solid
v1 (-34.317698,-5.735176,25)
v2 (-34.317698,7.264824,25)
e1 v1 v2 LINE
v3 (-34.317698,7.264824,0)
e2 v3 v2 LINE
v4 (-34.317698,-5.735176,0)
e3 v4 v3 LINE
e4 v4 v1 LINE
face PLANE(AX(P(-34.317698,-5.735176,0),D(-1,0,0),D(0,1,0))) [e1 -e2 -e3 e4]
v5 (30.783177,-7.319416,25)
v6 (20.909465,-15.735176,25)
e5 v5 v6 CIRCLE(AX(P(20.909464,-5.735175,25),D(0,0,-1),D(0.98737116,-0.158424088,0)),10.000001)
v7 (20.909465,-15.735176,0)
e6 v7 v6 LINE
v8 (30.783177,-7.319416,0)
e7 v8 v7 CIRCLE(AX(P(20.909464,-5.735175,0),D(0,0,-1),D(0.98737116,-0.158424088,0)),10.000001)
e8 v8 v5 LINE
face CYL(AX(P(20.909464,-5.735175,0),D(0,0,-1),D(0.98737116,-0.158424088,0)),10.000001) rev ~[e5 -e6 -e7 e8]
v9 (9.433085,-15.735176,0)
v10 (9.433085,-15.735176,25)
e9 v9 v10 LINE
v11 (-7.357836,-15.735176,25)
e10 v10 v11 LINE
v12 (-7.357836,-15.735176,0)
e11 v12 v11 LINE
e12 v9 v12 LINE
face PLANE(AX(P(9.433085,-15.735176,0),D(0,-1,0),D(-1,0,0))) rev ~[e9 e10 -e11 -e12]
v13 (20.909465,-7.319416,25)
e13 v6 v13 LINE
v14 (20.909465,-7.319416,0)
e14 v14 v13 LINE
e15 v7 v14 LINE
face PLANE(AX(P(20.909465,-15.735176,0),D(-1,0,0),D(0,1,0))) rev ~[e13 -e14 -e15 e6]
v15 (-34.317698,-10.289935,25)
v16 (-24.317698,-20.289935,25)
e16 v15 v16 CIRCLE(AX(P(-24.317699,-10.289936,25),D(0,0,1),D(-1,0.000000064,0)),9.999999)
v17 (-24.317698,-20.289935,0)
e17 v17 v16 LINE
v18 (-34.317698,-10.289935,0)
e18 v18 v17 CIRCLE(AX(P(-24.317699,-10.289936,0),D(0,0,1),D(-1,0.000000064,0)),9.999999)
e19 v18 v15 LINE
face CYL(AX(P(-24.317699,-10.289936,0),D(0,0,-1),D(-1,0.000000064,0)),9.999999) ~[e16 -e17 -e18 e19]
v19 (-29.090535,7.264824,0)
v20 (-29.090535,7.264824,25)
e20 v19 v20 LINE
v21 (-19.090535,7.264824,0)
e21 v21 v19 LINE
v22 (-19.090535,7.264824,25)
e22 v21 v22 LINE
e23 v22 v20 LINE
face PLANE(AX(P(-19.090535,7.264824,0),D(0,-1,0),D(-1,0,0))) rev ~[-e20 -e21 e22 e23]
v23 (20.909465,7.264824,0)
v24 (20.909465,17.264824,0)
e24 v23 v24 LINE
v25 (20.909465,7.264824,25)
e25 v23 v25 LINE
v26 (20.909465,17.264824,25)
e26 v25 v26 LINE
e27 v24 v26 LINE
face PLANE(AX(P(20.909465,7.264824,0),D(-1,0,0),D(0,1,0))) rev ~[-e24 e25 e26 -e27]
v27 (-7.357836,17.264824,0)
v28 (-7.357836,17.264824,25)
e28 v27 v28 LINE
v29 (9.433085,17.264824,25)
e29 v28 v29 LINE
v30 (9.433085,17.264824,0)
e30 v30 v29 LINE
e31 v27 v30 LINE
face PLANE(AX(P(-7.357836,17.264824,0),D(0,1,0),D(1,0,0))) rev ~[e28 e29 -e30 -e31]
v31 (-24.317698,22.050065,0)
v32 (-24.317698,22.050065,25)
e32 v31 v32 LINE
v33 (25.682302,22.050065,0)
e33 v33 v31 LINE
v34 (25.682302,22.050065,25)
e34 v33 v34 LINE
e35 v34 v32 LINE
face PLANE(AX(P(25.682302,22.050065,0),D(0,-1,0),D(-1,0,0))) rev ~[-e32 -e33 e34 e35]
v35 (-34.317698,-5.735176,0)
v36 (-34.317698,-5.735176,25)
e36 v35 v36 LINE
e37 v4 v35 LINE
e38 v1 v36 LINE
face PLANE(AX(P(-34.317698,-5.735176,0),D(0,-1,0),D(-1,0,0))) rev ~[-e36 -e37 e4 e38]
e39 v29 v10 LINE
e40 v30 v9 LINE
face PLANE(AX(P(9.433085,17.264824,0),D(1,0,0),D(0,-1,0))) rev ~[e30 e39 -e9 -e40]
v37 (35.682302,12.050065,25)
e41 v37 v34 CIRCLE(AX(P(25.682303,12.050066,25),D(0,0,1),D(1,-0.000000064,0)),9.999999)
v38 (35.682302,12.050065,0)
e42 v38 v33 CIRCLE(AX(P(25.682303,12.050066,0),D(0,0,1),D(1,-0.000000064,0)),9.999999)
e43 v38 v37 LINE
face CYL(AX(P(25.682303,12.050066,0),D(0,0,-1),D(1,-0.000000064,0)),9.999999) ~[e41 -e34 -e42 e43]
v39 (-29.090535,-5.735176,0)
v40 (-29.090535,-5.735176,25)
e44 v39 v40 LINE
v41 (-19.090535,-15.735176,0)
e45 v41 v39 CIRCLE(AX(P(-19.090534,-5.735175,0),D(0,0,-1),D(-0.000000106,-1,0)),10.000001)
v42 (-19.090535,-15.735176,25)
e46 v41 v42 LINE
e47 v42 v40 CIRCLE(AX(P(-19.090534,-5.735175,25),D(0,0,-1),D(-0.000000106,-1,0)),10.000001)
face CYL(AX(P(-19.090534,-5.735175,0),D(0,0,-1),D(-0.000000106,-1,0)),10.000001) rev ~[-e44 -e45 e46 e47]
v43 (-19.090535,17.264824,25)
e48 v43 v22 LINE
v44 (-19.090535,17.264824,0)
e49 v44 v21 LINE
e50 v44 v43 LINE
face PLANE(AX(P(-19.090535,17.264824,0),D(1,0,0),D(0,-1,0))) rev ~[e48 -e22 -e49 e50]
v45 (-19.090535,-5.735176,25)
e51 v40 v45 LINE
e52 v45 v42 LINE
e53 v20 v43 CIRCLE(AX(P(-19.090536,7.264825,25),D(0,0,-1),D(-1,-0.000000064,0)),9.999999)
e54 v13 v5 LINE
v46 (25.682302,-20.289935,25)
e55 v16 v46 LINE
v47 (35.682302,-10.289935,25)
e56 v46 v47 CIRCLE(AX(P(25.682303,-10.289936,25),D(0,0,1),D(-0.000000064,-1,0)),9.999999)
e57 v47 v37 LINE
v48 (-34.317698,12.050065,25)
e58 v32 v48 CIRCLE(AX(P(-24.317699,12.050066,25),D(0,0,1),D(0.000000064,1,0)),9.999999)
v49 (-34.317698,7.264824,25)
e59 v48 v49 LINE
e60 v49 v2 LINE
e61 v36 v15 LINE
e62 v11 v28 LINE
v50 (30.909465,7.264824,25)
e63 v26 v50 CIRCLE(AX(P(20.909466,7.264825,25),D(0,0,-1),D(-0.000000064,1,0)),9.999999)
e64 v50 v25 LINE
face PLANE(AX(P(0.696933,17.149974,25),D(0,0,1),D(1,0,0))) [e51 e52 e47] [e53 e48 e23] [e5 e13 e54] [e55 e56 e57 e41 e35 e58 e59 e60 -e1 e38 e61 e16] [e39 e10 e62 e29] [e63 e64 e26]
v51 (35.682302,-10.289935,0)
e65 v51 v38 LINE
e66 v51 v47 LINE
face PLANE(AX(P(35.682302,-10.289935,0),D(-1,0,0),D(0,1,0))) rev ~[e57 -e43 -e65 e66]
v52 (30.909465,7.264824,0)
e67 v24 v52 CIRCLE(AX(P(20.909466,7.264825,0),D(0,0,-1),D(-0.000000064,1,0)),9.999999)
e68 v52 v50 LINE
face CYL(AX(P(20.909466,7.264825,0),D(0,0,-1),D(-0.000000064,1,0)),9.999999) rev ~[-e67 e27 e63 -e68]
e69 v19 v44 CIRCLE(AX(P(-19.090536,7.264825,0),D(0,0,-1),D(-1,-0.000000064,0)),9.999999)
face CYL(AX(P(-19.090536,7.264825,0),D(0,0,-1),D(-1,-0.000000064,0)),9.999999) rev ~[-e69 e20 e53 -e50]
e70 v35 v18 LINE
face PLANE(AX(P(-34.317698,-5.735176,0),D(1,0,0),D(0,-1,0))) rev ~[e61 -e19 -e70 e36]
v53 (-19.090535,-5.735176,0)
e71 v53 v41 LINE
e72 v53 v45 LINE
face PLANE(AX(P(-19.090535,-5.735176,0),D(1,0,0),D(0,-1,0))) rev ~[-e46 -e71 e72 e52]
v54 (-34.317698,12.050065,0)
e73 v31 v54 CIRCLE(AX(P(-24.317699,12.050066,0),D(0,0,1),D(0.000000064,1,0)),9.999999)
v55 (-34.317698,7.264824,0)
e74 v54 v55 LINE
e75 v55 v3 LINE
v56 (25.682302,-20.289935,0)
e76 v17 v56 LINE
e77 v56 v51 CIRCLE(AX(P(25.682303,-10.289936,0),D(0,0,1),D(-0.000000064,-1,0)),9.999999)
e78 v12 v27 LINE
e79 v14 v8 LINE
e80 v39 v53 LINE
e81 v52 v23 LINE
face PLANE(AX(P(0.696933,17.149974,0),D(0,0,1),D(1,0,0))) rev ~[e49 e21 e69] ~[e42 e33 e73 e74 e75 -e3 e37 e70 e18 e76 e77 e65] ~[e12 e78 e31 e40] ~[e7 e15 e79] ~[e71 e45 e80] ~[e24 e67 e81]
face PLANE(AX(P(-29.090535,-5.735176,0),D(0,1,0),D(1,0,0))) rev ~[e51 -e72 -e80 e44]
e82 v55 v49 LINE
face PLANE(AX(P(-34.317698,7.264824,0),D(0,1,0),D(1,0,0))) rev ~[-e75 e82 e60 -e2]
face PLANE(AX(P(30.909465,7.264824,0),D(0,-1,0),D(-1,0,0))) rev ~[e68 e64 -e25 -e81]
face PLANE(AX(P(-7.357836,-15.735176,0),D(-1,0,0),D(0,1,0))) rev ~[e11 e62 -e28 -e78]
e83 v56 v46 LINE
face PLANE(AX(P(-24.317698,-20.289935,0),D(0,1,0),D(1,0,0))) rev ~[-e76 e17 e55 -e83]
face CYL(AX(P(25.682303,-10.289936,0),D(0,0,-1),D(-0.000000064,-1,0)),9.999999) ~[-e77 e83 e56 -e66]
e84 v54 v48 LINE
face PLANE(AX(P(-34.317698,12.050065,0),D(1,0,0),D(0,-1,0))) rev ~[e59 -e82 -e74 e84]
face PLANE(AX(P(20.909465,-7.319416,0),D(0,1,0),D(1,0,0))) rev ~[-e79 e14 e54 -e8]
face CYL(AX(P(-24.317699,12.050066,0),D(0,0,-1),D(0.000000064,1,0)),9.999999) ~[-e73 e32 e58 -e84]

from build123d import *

# Parameters (mm, degrees)
F0_W     = 5.227163
F0_H     = 13
F0_W_2   = 10
F1_DEPTH = 25


with BuildPart() as f1:
    # F0 (on Top) → F1 (new body)
    with BuildSketch(Plane.XY):
        with BuildLine():
            Line((25.682302, 22.050065), (-24.317698, 22.050065))
            ThreePointArc((-24.317698, 22.050065), (-31.388766, 19.121133), (-34.317698, 12.050065))
            Line((-34.317698, 12.050065), (-34.317698, 7.264824))
            Line((-34.317698, 7.264824), (-29.090535, 7.264824))
            ThreePointArc((-29.090535, 7.264824), (-26.161603, 14.335892), (-19.090535, 17.264824))
            Line((-19.090535, 17.264824), (-7.357836, 17.264824))
            Line((-7.357836, 17.264824), (9.433085, 17.264824))
            Line((9.433085, 17.264824), (20.909465, 17.264824))
            ThreePointArc((20.909465, 17.264824), (27.980533, 14.335892), (30.909465, 7.264824))
            Line((30.909465, 7.264824), (35.682302, 7.264824))
            Line((35.682302, 7.264824), (35.682302, 12.050065))
            ThreePointArc((35.682302, 12.050065), (32.75337, 19.121133), (25.682302, 22.050065))
        make_face()
        with Locations((-31.704116, 0.764824)):
            Rectangle(F0_W, F0_H)
        with BuildLine():
            Line((35.682302, -7.319416), (35.682302, 7.264824))
            Line((35.682302, 7.264824), (30.909465, 7.264824))
            Line((30.909465, 7.264824), (30.909465, -5.735176))
            ThreePointArc((30.909465, -5.735176), (30.877843, -6.529809), (30.783177, -7.319416))
            Line((30.783177, -7.319416), (35.682302, -7.319416))
        make_face()
        with BuildLine():
            Line((-29.090535, -5.735176), (-34.317698, -5.735176))
            Line((-34.317698, -5.735176), (-34.317698, -10.289935))
            ThreePointArc((-34.317698, -10.289935), (-31.388766, -17.361003), (-24.317698, -20.289935))
            Line((-24.317698, -20.289935), (25.682302, -20.289935))
            ThreePointArc((25.682302, -20.289935), (32.75337, -17.361003), (35.682302, -10.289935))
            Line((35.682302, -10.289935), (35.682302, -7.319416))
            Line((35.682302, -7.319416), (30.783177, -7.319416))
            ThreePointArc((30.783177, -7.319416), (27.396282, -13.345774), (20.909465, -15.735176))
            Line((20.909465, -15.735176), (9.433085, -15.735176))
            Line((9.433085, -15.735176), (-7.357836, -15.735176))
            Line((-7.357836, -15.735176), (-19.090535, -15.735176))
            ThreePointArc((-19.090535, -15.735176), (-26.161603, -12.806243), (-29.090535, -5.735176))
        make_face()
        Polygon((-7.357836, 17.264824), (-19.090535, 17.264824), (-19.090535, 7.264824), (-19.090535, -5.735176), (-19.090535, -15.735176), (-7.357836, -15.735176), align=None)
        Polygon((20.909465, 7.264824), (20.909465, 17.264824), (9.433085, 17.264824), (9.433085, -15.735176), (20.909465, -15.735176), (20.909465, -7.319416), align=None)
        with BuildLine():
            Line((30.909465, -5.735176), (30.909465, 7.264824))
            Line((30.909465, 7.264824), (20.909465, 7.264824))
            Line((20.909465, 7.264824), (20.909465, -7.319416))
            Line((20.909465, -7.319416), (30.783177, -7.319416))
            ThreePointArc((30.783177, -7.319416), (30.877843, -6.529809), (30.909465, -5.735176))
        make_face()
        with Locations((-24.090535, 0.764824)):
            Rectangle(F0_W_2, F0_H)
    extrude(amount=F1_DEPTH)


solid = f1.part
